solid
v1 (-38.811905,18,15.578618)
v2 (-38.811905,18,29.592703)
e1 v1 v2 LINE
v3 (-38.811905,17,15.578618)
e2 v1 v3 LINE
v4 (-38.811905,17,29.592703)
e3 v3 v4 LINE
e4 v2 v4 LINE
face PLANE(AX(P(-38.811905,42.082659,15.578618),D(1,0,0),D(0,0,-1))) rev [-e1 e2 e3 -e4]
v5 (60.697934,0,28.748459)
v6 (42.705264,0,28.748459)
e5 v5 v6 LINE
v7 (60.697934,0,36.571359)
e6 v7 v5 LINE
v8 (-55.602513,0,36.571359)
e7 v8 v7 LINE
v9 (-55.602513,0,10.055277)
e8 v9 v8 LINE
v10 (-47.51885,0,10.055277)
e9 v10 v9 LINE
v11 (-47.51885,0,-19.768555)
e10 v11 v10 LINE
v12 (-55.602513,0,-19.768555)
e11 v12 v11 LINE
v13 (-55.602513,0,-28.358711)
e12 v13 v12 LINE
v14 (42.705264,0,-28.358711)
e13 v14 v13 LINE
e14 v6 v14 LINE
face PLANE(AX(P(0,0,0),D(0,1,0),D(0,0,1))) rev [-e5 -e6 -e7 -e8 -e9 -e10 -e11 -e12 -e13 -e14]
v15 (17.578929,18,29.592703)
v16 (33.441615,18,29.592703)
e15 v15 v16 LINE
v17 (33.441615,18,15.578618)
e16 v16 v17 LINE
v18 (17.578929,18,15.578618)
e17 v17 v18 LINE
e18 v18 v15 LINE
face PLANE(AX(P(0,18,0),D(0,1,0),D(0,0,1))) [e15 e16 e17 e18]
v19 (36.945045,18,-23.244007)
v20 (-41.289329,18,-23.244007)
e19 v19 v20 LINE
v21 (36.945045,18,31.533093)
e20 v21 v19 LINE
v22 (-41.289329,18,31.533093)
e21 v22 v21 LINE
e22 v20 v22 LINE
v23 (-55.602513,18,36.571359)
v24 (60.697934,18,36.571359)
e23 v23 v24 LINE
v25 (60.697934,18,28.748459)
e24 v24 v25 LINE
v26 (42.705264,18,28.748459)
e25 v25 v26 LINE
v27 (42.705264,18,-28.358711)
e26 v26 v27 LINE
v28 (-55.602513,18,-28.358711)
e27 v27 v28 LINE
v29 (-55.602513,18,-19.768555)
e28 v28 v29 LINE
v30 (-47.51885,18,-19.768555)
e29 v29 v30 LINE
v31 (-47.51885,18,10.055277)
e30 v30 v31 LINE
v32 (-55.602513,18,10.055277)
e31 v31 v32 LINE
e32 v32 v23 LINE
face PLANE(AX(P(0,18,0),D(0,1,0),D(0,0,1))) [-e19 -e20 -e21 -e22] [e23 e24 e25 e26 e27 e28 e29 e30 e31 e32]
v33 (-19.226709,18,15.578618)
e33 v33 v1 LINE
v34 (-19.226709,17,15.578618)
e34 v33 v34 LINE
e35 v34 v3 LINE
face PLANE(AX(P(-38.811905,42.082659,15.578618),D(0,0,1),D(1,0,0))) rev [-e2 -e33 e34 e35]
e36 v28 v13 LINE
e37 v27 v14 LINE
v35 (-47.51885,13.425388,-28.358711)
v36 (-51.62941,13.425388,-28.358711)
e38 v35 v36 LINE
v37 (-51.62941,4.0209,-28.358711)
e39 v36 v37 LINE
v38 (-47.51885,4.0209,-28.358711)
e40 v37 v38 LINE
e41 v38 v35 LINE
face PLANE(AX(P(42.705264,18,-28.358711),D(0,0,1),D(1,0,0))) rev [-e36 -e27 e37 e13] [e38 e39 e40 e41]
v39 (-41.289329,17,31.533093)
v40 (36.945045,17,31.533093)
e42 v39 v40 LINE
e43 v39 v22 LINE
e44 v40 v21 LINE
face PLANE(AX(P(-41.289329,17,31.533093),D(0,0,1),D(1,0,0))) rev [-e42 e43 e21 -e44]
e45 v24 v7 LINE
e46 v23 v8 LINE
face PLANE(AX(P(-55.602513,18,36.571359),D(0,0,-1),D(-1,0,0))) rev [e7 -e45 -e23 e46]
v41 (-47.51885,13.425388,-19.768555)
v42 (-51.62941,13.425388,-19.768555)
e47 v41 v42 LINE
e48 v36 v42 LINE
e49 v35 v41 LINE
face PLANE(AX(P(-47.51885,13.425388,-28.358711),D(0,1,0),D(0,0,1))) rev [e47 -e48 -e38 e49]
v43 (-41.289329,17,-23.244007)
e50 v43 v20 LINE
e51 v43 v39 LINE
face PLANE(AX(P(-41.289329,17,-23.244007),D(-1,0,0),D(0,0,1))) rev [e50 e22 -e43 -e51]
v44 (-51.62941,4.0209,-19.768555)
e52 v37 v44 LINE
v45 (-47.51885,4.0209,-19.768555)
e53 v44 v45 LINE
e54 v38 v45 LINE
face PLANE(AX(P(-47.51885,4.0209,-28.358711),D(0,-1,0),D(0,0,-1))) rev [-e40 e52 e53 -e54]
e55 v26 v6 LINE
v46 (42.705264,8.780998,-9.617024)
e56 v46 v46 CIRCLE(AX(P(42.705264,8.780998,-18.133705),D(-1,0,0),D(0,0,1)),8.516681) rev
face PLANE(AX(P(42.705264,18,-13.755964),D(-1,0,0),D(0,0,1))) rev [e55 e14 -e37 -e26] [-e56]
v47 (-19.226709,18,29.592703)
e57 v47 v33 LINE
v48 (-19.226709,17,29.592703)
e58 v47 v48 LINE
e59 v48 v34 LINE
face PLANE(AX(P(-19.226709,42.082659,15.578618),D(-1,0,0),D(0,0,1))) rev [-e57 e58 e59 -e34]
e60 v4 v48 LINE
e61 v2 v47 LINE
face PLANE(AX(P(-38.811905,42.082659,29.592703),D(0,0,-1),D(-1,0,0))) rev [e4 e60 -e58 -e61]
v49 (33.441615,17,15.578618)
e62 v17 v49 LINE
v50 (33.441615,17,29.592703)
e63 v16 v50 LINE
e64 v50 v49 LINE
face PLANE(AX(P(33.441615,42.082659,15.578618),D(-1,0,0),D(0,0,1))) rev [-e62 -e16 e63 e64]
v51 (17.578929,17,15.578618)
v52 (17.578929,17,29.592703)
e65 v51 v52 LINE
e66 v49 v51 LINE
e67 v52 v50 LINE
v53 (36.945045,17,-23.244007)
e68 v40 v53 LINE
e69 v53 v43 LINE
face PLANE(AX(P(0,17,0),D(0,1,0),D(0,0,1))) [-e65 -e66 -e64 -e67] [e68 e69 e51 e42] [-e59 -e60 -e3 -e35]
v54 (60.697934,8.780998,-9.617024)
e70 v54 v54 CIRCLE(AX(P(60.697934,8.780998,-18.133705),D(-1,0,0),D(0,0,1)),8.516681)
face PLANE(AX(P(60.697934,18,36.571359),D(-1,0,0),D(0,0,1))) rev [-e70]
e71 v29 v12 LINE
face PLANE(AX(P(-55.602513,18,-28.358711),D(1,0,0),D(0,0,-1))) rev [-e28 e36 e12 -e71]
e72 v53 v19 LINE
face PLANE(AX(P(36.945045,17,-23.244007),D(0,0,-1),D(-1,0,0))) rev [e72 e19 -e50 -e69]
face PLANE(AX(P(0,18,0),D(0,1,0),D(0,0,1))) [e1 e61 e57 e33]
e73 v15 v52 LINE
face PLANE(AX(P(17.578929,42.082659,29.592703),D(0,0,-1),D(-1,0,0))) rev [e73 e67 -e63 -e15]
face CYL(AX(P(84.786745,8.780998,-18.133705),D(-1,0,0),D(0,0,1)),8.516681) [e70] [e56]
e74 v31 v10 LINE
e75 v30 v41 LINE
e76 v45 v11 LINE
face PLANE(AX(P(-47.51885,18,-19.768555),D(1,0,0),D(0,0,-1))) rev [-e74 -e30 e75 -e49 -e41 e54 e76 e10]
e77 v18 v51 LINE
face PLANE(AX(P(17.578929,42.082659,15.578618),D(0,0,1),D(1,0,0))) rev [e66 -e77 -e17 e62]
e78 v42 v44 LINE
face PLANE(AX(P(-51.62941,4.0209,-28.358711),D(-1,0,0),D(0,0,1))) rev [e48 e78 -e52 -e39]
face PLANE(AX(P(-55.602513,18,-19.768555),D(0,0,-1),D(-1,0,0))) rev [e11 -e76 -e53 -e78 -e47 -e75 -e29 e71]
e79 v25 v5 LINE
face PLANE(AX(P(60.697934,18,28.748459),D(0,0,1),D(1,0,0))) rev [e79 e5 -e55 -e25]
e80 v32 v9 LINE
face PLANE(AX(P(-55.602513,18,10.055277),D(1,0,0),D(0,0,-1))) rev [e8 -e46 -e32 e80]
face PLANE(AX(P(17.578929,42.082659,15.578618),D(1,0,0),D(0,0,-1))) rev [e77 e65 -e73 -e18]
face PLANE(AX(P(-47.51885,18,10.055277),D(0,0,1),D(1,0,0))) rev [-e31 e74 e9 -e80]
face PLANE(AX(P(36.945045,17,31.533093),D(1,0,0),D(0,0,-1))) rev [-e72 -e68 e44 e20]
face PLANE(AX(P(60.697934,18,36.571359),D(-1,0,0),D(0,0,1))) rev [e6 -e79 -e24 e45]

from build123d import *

# Parameters (mm, degrees)
BOSS_EXTRUDE1_DEPTH = 18
SKETCH2_R           = 8.516680521
BOSS_EXTRUDE2_DEPTH = 17.99267
SKETCH3_W           = 78.234373806
SKETCH3_H           = 54.777100321
CUT_EXTRUDE1_DEPTH  = 1
SKETCH4_W           = 15.862685655
SKETCH4_H           = 14.014084995
SKETCH4_W_2         = 19.585195724
BOSS_EXTRUDE3_DEPTH = 1
SKETCH5_W           = 4.110560002
SKETCH5_H           = 9.404487674
CUT_EXTRUDE2_DEPTH  = 9.590155657


with BuildPart() as part:
    # Sketch1 → Boss-Extrude1 (new body)
    with BuildSketch(Plane(origin=(0, 0, 0), x_dir=(1, 0, 0), z_dir=(0, 1, 0))):
        Polygon((-55.602513221, 28.358711105), (-55.602513221, 19.768555449), (-47.518849821, 19.768555449), (-47.518849821, -10.055277405), (-55.602513221, -10.055277405), (-55.602513221, -36.571359429), (60.697934404, -36.571359429), (60.697934404, -28.748459365), (42.705264255, -28.748459365), (42.705264255, 13.755964318), (42.705264255, 28.358711105), align=None)
    extrude(amount=BOSS_EXTRUDE1_DEPTH)

    # Sketch2 → Boss-Extrude2 (add)
    with BuildSketch(Plane(origin=(42.705264255, 0, 0), x_dir=(0, 0, -1), z_dir=(1, 0, 0))):
        with Locations(Location((18.133704787, 8.780998405, 0), (0, 0, 180))):  # turned: the seam where the file's is
            Circle(SKETCH2_R)
    extrude(amount=BOSS_EXTRUDE2_DEPTH)

    # Sketch3 → Cut-Extrude1 (cut)
    with BuildSketch(Plane(origin=(0, 18, 0), x_dir=(1, 0, 0), z_dir=(0, 1, 0))):
        with Locations((-2.172142095, -4.144542808)):
            Rectangle(SKETCH3_W, SKETCH3_H)
    extrude(amount=-CUT_EXTRUDE1_DEPTH, mode=Mode.SUBTRACT)

    # Sketch4 → Boss-Extrude3 (add)
    with BuildSketch(Plane(origin=(0, 17, 0), x_dir=(1, 0, 0), z_dir=(0, 1, 0))):
        with Locations((25.510271921, -22.585660372)):
            Rectangle(SKETCH4_W, SKETCH4_H)
        with Locations((-29.019306935, -22.585660372)):
            Rectangle(SKETCH4_W_2, SKETCH4_H)
    extrude(amount=BOSS_EXTRUDE3_DEPTH)

    # Sketch5 → Cut-Extrude2 (cut, through all)
    with BuildSketch(Plane.XY.offset(-19.768555449)):
        with Locations((-49.574129822, 8.723143931)):
            Rectangle(SKETCH5_W, SKETCH5_H)
    extrude(amount=-CUT_EXTRUDE2_DEPTH, mode=Mode.SUBTRACT)


solid = part.part
